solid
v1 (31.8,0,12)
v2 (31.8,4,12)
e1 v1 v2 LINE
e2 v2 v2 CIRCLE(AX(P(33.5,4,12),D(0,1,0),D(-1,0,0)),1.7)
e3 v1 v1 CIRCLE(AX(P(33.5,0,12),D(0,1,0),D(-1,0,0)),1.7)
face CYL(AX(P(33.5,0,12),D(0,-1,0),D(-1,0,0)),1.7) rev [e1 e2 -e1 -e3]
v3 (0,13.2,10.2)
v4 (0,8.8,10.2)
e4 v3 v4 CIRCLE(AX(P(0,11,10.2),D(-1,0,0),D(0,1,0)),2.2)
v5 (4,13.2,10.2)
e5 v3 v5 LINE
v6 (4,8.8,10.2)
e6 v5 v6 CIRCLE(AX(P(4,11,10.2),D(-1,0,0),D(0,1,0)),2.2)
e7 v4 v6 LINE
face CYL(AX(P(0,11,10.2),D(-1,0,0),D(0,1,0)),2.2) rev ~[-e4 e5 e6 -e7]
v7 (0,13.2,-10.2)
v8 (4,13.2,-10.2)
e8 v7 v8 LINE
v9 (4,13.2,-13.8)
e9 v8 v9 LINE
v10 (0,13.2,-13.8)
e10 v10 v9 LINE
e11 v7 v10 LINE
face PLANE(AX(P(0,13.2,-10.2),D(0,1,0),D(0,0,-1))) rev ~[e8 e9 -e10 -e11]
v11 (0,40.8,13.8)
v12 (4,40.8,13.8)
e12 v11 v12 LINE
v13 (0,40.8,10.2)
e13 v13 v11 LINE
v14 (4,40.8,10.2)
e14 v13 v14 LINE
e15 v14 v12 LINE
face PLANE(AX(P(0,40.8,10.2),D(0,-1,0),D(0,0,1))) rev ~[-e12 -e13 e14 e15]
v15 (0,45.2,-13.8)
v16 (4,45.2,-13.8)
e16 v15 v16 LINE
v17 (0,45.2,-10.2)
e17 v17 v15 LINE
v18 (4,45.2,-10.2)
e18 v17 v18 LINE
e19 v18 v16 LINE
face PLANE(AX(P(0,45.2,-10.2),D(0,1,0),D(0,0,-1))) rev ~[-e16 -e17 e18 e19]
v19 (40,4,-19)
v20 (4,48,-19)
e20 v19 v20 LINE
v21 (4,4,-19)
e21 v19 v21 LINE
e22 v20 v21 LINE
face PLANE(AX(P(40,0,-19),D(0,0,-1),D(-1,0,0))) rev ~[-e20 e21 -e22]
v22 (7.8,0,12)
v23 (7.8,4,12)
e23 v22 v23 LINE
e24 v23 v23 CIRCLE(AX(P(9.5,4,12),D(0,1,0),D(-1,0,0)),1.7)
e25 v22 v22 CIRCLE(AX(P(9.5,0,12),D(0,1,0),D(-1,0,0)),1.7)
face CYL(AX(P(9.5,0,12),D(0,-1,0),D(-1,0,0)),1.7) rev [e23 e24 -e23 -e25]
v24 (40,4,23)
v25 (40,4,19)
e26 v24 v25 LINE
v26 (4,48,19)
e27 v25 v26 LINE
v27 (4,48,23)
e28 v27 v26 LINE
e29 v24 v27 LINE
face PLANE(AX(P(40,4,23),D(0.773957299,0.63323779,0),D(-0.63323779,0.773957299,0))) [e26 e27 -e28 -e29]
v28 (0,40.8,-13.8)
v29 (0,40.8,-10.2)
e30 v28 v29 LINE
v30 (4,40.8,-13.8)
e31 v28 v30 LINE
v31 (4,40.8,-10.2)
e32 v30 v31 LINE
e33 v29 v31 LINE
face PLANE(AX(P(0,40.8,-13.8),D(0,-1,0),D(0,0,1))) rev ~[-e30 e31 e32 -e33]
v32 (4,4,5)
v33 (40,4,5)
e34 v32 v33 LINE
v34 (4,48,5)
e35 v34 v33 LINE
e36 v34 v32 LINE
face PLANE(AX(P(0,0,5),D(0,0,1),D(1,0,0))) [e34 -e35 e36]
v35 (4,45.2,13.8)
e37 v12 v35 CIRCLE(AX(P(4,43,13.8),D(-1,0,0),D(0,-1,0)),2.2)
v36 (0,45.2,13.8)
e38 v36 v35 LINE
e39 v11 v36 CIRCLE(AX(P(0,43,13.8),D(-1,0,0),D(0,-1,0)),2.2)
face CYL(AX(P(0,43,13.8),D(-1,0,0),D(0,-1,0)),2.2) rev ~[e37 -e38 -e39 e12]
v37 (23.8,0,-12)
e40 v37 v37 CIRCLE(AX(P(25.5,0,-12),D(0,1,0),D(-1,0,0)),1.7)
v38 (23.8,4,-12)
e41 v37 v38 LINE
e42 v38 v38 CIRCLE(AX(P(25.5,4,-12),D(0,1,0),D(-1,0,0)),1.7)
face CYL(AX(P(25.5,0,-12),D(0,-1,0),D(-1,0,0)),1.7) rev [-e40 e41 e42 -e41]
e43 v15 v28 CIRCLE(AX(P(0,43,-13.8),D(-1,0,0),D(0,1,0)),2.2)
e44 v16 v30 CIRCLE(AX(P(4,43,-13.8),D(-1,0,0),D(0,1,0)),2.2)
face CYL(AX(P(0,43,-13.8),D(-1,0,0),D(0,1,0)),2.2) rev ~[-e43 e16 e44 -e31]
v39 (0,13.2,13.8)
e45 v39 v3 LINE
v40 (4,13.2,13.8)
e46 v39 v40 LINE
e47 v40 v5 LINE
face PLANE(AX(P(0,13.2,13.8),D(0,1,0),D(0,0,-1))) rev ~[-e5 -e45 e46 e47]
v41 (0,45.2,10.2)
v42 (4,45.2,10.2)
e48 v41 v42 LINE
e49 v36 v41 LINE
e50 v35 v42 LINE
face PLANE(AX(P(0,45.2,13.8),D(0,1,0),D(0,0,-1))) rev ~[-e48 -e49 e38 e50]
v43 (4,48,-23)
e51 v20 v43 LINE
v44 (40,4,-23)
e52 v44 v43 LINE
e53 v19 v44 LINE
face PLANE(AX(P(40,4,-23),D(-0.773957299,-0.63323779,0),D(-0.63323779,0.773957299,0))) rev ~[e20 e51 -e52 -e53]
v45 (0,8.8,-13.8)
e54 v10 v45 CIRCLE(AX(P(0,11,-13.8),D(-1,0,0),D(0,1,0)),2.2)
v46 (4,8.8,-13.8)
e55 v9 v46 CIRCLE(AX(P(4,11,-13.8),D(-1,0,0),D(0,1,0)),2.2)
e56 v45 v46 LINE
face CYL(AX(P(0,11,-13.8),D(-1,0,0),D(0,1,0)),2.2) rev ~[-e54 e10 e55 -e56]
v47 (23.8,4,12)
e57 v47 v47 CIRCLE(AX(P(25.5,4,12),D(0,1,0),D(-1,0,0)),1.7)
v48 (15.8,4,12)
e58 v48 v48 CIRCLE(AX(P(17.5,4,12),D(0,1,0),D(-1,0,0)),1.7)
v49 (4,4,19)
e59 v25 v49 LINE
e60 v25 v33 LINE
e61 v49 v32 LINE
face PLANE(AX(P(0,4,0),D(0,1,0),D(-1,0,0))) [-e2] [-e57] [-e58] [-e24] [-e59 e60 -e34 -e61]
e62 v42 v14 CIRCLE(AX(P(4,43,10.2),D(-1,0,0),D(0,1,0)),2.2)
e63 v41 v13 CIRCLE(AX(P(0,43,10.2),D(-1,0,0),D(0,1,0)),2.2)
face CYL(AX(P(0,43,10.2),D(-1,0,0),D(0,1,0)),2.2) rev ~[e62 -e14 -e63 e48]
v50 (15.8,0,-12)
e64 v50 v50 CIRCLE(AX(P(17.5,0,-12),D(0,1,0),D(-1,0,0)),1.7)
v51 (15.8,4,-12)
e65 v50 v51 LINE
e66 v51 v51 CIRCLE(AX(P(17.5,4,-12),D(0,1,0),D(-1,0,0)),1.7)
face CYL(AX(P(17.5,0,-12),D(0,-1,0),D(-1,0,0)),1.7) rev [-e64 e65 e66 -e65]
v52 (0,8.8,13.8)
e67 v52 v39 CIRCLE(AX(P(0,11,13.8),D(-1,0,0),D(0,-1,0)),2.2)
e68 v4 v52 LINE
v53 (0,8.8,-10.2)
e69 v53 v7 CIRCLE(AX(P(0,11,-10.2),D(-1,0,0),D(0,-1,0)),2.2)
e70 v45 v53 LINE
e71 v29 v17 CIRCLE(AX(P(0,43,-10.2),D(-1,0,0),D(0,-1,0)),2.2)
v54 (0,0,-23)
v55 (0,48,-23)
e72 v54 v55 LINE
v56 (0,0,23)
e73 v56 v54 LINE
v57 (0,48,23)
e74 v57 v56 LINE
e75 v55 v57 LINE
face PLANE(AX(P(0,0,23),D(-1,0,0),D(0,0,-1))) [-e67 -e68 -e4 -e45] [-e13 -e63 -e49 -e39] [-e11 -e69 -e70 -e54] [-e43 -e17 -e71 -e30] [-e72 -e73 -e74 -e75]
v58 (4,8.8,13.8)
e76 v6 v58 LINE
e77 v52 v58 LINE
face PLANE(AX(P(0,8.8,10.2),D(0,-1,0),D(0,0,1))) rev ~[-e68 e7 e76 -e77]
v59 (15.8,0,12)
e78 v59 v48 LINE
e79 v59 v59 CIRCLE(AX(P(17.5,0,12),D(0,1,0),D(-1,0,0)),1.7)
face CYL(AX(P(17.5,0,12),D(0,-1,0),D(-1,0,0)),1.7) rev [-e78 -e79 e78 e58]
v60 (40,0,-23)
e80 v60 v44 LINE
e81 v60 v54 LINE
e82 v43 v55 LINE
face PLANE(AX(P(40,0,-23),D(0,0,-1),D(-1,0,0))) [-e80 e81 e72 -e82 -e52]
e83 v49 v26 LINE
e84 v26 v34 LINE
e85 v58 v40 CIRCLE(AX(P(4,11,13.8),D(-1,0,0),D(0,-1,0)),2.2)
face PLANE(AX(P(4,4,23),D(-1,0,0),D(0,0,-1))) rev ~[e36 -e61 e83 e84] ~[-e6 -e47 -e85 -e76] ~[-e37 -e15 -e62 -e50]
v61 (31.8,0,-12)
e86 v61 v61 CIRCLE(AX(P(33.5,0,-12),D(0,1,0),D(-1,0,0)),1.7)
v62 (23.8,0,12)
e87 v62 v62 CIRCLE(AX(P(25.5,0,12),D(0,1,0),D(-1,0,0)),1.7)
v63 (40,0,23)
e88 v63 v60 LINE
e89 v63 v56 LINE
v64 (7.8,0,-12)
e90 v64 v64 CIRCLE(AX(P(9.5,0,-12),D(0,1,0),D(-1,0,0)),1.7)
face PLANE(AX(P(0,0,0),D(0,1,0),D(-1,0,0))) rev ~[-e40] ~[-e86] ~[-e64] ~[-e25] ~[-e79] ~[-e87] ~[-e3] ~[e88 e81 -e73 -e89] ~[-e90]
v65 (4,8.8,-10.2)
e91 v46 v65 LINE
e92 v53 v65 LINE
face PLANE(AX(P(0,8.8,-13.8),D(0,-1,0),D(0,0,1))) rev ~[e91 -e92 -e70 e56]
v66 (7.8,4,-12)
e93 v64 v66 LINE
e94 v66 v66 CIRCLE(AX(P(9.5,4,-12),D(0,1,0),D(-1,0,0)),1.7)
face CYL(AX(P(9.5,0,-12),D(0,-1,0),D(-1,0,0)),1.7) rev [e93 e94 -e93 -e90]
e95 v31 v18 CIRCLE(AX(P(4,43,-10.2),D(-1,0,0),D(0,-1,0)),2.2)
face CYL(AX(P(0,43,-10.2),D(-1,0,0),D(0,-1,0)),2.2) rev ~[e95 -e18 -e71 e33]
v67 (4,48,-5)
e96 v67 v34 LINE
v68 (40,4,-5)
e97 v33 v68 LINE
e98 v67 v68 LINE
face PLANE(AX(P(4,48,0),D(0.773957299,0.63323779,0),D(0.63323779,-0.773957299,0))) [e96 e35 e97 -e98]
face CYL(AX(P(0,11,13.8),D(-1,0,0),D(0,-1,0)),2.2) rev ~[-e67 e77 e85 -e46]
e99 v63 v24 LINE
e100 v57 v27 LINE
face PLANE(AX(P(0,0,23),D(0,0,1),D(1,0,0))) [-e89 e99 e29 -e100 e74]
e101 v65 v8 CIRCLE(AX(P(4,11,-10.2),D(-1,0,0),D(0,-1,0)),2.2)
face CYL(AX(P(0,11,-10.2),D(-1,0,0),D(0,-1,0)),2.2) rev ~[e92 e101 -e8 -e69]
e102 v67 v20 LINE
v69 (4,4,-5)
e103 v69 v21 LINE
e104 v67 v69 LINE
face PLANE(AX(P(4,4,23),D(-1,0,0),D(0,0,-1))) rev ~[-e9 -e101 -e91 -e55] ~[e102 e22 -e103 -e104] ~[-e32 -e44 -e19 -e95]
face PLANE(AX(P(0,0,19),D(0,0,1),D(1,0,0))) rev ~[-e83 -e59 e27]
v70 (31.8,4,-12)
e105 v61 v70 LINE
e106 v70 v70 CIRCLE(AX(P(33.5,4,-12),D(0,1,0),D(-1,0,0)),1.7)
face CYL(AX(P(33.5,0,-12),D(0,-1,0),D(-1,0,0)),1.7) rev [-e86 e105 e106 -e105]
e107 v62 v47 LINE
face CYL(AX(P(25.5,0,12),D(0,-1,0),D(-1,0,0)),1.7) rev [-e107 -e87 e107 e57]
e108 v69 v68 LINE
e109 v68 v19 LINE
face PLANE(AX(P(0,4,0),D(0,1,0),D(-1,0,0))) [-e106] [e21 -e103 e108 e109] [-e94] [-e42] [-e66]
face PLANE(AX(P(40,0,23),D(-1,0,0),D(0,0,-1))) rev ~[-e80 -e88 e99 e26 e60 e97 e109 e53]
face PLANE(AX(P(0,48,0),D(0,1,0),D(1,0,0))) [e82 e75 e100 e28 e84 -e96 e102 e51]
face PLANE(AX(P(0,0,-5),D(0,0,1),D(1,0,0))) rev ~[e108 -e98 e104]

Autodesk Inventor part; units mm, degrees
ref_plane "YZ Plane" through (0, 0, 0) normal (1, 0, 0) x (0, 1, 0)
ref_plane "XZ Plane" through (0, 0, 0) normal (0, 1, 0) x (-1, 0, 0)
sketch "Sketch1" plane through (0, 0, 0) normal (0, 1, 0) x (-1, 0, 0)
  line L0 (-40, -23) -> (0, -23)
  line L1 (-40, 23) -> (0, 23)
  line L2 (0, 23) -> (0, -23)
  line L3 (-40, 23) -> (-40, -23)
  line L4 (-40, -12) -> (0, -12) construction
  line L5 (-40, 12) -> (0, 12) construction
  circle A0 centre (-9.5, 12) radius 1.7
  line L6 (-4, 23) -> (-4, -23) construction
  circle A1 centre (-17.5, 12) radius 1.7
  circle A2 centre (-25.5, 12) radius 1.7
  circle A3 centre (-33.5, 12) radius 1.7
  circle A4 centre (-9.5, -12) radius 1.7
  circle A5 centre (-17.5, -12) radius 1.7
  circle A6 centre (-25.5, -12) radius 1.7
  circle A7 centre (-33.5, -12) radius 1.7
  circle A8 centre (-9.5, 12) radius 3.5 construction
  line L7 (0, 19) -> (-40, 19) construction
  point P0 (0, 0)
  dimension "d5" = 46
  dimension "d6" = 23
  dimension "d7" = 40
  dimension "d8" = 0
  dimension "d9" = 12
  dimension "d10" = 12
  dimension "d11" = 3.4
  dimension "d12" = 4
  dimension "d13" = 9.5
  dimension "d16" = 8
  dimension "d19" = 24
  dimension "d22" = 7
  dimension "d23" = 4
extrude "Lift Attachment Plate" add sketch "Sketch1" along normal blind 4
sketch "Sketch2" plane through (0, 4, 0) normal (0, 1, 0) x (1, 0, 0)
  line L0 (0, 23) -> (0, -23) projected
  line L1 (40, 23) -> (0, 23) projected
  line L2 (0, -23) -> (4, -23)
  line L3 (4, -23) -> (4, 23)
  line L4 (4, 23) -> (0, 23)
  line L5 (0, 23) -> (0, -23)
  point P0 (0, 0)
  dimension "d26" = 4
extrude "Cross bar Attachment Plate" add sketch "Sketch2" along normal blind 44
sketch "Sketch3" plane through (0, 0, 23) normal (0, 0, 1) x (1, 0, 0)
  line L0 (4, 4) -> (4, 48) projected
  line L1 (4, 48) -> (4, 4)
  line L2 (40, 4) -> (4, 4) projected
  line L3 (4, 4) -> (40, 4)
  line L4 (40, 4) -> (4, 48)
  point P0 (0, 0)
extrude "Left bracket" add sketch "Sketch3" against normal blind 4
sketch "Sketch4" plane through (0, 0, 0) normal (0, 0, 1) x (1, 0, 0)
  line L0 (4, 48) -> (40, 4) projected
  line L1 (4, 4) -> (40, 4) projected
  line L2 (4, 48) -> (4, 4)
  line L3 (4, 4) -> (40, 4)
  line L4 (40, 4) -> (4, 48)
  point P0 (0, 0)
extrude "Center bracket" add sketch "Sketch4" along normal mid plane 10
sketch "Sketch5" plane through (40, 0, -23) normal (0, 0, -1) x (-1, 0, 0)
  line L0 (36, 48) -> (40, 48) projected
  line L1 (36, 48) -> (36, 4) projected
  line L2 (36, 48) -> (36, 4)
  line L3 (0, 4) -> (36, 4) projected
  line L4 (36, 4) -> (0, 4)
  line L5 (0, 4) -> (36, 48)
  point P0 (40, 0)
extrude "Right bracket" add sketch "Sketch5" against normal blind 4
sketch "Sketch6" plane through (0, 0, -23) normal (-1, 0, 0) x (0, 0, 1)
  circle A0 centre (35, 11) radius 2 construction
  circle A1 centre (11, 11) radius 2 construction
  line L0 (0, 0) -> (46, 0) construction
  line L1 (23, 57.6) -> (23, -9.6) construction
  circle A2 centre (35, 43) radius 2 construction
  circle A3 centre (11, 43) radius 2 construction
  line L2 (42, 48) -> (42, 4) construction
  line L3 (4, 4) -> (4, 48) construction
  line L4 (15, 11) -> (7, 11) construction
  line L5 (4, 4) -> (4, 48) projected
  line L6 (12.8, 13.2) -> (9.2, 13.2)
  line L7 (9.2, 8.8) -> (12.8, 8.8)
  arc A4 (12.8, 8.8) -> (12.8, 13.2) centre (12.8, 11) ccw
  arc A5 (9.2, 13.2) -> (9.2, 8.8) centre (9.2, 11) ccw
  point P0 (23, 0)
  dimension "d35" = 4
  dimension "d36" = 4
  dimension "d37" = 11
  dimension "d38" = 11
  dimension "d39" = 12
  dimension "d40" = 12
  dimension "d41" = 4
  dimension "d42" = 4
  dimension "d43" = 32
  dimension "d44" = 32
  dimension "d45" = 4
  dimension "d46" = 4
  dimension "d47" = 4.4
extrude "Extrusion6" cut sketch "Sketch6" against normal through all
pattern_linear "Rectangular Pattern1" count 2 spacing 24 along (0, 0, 1) count 2 spacing 32 along (0, 1, 0) of "Extrusion6"
equation "\"d6\" = 0.5 * d5"
equation "\"d10\" = d9"
equation "\"d38\" = d37"
equation "\"d39\" = d40"
equation "\"d44\" = d43"
equation "\"d46\" = d45"
properties part number "Cross bar bracket generic"
